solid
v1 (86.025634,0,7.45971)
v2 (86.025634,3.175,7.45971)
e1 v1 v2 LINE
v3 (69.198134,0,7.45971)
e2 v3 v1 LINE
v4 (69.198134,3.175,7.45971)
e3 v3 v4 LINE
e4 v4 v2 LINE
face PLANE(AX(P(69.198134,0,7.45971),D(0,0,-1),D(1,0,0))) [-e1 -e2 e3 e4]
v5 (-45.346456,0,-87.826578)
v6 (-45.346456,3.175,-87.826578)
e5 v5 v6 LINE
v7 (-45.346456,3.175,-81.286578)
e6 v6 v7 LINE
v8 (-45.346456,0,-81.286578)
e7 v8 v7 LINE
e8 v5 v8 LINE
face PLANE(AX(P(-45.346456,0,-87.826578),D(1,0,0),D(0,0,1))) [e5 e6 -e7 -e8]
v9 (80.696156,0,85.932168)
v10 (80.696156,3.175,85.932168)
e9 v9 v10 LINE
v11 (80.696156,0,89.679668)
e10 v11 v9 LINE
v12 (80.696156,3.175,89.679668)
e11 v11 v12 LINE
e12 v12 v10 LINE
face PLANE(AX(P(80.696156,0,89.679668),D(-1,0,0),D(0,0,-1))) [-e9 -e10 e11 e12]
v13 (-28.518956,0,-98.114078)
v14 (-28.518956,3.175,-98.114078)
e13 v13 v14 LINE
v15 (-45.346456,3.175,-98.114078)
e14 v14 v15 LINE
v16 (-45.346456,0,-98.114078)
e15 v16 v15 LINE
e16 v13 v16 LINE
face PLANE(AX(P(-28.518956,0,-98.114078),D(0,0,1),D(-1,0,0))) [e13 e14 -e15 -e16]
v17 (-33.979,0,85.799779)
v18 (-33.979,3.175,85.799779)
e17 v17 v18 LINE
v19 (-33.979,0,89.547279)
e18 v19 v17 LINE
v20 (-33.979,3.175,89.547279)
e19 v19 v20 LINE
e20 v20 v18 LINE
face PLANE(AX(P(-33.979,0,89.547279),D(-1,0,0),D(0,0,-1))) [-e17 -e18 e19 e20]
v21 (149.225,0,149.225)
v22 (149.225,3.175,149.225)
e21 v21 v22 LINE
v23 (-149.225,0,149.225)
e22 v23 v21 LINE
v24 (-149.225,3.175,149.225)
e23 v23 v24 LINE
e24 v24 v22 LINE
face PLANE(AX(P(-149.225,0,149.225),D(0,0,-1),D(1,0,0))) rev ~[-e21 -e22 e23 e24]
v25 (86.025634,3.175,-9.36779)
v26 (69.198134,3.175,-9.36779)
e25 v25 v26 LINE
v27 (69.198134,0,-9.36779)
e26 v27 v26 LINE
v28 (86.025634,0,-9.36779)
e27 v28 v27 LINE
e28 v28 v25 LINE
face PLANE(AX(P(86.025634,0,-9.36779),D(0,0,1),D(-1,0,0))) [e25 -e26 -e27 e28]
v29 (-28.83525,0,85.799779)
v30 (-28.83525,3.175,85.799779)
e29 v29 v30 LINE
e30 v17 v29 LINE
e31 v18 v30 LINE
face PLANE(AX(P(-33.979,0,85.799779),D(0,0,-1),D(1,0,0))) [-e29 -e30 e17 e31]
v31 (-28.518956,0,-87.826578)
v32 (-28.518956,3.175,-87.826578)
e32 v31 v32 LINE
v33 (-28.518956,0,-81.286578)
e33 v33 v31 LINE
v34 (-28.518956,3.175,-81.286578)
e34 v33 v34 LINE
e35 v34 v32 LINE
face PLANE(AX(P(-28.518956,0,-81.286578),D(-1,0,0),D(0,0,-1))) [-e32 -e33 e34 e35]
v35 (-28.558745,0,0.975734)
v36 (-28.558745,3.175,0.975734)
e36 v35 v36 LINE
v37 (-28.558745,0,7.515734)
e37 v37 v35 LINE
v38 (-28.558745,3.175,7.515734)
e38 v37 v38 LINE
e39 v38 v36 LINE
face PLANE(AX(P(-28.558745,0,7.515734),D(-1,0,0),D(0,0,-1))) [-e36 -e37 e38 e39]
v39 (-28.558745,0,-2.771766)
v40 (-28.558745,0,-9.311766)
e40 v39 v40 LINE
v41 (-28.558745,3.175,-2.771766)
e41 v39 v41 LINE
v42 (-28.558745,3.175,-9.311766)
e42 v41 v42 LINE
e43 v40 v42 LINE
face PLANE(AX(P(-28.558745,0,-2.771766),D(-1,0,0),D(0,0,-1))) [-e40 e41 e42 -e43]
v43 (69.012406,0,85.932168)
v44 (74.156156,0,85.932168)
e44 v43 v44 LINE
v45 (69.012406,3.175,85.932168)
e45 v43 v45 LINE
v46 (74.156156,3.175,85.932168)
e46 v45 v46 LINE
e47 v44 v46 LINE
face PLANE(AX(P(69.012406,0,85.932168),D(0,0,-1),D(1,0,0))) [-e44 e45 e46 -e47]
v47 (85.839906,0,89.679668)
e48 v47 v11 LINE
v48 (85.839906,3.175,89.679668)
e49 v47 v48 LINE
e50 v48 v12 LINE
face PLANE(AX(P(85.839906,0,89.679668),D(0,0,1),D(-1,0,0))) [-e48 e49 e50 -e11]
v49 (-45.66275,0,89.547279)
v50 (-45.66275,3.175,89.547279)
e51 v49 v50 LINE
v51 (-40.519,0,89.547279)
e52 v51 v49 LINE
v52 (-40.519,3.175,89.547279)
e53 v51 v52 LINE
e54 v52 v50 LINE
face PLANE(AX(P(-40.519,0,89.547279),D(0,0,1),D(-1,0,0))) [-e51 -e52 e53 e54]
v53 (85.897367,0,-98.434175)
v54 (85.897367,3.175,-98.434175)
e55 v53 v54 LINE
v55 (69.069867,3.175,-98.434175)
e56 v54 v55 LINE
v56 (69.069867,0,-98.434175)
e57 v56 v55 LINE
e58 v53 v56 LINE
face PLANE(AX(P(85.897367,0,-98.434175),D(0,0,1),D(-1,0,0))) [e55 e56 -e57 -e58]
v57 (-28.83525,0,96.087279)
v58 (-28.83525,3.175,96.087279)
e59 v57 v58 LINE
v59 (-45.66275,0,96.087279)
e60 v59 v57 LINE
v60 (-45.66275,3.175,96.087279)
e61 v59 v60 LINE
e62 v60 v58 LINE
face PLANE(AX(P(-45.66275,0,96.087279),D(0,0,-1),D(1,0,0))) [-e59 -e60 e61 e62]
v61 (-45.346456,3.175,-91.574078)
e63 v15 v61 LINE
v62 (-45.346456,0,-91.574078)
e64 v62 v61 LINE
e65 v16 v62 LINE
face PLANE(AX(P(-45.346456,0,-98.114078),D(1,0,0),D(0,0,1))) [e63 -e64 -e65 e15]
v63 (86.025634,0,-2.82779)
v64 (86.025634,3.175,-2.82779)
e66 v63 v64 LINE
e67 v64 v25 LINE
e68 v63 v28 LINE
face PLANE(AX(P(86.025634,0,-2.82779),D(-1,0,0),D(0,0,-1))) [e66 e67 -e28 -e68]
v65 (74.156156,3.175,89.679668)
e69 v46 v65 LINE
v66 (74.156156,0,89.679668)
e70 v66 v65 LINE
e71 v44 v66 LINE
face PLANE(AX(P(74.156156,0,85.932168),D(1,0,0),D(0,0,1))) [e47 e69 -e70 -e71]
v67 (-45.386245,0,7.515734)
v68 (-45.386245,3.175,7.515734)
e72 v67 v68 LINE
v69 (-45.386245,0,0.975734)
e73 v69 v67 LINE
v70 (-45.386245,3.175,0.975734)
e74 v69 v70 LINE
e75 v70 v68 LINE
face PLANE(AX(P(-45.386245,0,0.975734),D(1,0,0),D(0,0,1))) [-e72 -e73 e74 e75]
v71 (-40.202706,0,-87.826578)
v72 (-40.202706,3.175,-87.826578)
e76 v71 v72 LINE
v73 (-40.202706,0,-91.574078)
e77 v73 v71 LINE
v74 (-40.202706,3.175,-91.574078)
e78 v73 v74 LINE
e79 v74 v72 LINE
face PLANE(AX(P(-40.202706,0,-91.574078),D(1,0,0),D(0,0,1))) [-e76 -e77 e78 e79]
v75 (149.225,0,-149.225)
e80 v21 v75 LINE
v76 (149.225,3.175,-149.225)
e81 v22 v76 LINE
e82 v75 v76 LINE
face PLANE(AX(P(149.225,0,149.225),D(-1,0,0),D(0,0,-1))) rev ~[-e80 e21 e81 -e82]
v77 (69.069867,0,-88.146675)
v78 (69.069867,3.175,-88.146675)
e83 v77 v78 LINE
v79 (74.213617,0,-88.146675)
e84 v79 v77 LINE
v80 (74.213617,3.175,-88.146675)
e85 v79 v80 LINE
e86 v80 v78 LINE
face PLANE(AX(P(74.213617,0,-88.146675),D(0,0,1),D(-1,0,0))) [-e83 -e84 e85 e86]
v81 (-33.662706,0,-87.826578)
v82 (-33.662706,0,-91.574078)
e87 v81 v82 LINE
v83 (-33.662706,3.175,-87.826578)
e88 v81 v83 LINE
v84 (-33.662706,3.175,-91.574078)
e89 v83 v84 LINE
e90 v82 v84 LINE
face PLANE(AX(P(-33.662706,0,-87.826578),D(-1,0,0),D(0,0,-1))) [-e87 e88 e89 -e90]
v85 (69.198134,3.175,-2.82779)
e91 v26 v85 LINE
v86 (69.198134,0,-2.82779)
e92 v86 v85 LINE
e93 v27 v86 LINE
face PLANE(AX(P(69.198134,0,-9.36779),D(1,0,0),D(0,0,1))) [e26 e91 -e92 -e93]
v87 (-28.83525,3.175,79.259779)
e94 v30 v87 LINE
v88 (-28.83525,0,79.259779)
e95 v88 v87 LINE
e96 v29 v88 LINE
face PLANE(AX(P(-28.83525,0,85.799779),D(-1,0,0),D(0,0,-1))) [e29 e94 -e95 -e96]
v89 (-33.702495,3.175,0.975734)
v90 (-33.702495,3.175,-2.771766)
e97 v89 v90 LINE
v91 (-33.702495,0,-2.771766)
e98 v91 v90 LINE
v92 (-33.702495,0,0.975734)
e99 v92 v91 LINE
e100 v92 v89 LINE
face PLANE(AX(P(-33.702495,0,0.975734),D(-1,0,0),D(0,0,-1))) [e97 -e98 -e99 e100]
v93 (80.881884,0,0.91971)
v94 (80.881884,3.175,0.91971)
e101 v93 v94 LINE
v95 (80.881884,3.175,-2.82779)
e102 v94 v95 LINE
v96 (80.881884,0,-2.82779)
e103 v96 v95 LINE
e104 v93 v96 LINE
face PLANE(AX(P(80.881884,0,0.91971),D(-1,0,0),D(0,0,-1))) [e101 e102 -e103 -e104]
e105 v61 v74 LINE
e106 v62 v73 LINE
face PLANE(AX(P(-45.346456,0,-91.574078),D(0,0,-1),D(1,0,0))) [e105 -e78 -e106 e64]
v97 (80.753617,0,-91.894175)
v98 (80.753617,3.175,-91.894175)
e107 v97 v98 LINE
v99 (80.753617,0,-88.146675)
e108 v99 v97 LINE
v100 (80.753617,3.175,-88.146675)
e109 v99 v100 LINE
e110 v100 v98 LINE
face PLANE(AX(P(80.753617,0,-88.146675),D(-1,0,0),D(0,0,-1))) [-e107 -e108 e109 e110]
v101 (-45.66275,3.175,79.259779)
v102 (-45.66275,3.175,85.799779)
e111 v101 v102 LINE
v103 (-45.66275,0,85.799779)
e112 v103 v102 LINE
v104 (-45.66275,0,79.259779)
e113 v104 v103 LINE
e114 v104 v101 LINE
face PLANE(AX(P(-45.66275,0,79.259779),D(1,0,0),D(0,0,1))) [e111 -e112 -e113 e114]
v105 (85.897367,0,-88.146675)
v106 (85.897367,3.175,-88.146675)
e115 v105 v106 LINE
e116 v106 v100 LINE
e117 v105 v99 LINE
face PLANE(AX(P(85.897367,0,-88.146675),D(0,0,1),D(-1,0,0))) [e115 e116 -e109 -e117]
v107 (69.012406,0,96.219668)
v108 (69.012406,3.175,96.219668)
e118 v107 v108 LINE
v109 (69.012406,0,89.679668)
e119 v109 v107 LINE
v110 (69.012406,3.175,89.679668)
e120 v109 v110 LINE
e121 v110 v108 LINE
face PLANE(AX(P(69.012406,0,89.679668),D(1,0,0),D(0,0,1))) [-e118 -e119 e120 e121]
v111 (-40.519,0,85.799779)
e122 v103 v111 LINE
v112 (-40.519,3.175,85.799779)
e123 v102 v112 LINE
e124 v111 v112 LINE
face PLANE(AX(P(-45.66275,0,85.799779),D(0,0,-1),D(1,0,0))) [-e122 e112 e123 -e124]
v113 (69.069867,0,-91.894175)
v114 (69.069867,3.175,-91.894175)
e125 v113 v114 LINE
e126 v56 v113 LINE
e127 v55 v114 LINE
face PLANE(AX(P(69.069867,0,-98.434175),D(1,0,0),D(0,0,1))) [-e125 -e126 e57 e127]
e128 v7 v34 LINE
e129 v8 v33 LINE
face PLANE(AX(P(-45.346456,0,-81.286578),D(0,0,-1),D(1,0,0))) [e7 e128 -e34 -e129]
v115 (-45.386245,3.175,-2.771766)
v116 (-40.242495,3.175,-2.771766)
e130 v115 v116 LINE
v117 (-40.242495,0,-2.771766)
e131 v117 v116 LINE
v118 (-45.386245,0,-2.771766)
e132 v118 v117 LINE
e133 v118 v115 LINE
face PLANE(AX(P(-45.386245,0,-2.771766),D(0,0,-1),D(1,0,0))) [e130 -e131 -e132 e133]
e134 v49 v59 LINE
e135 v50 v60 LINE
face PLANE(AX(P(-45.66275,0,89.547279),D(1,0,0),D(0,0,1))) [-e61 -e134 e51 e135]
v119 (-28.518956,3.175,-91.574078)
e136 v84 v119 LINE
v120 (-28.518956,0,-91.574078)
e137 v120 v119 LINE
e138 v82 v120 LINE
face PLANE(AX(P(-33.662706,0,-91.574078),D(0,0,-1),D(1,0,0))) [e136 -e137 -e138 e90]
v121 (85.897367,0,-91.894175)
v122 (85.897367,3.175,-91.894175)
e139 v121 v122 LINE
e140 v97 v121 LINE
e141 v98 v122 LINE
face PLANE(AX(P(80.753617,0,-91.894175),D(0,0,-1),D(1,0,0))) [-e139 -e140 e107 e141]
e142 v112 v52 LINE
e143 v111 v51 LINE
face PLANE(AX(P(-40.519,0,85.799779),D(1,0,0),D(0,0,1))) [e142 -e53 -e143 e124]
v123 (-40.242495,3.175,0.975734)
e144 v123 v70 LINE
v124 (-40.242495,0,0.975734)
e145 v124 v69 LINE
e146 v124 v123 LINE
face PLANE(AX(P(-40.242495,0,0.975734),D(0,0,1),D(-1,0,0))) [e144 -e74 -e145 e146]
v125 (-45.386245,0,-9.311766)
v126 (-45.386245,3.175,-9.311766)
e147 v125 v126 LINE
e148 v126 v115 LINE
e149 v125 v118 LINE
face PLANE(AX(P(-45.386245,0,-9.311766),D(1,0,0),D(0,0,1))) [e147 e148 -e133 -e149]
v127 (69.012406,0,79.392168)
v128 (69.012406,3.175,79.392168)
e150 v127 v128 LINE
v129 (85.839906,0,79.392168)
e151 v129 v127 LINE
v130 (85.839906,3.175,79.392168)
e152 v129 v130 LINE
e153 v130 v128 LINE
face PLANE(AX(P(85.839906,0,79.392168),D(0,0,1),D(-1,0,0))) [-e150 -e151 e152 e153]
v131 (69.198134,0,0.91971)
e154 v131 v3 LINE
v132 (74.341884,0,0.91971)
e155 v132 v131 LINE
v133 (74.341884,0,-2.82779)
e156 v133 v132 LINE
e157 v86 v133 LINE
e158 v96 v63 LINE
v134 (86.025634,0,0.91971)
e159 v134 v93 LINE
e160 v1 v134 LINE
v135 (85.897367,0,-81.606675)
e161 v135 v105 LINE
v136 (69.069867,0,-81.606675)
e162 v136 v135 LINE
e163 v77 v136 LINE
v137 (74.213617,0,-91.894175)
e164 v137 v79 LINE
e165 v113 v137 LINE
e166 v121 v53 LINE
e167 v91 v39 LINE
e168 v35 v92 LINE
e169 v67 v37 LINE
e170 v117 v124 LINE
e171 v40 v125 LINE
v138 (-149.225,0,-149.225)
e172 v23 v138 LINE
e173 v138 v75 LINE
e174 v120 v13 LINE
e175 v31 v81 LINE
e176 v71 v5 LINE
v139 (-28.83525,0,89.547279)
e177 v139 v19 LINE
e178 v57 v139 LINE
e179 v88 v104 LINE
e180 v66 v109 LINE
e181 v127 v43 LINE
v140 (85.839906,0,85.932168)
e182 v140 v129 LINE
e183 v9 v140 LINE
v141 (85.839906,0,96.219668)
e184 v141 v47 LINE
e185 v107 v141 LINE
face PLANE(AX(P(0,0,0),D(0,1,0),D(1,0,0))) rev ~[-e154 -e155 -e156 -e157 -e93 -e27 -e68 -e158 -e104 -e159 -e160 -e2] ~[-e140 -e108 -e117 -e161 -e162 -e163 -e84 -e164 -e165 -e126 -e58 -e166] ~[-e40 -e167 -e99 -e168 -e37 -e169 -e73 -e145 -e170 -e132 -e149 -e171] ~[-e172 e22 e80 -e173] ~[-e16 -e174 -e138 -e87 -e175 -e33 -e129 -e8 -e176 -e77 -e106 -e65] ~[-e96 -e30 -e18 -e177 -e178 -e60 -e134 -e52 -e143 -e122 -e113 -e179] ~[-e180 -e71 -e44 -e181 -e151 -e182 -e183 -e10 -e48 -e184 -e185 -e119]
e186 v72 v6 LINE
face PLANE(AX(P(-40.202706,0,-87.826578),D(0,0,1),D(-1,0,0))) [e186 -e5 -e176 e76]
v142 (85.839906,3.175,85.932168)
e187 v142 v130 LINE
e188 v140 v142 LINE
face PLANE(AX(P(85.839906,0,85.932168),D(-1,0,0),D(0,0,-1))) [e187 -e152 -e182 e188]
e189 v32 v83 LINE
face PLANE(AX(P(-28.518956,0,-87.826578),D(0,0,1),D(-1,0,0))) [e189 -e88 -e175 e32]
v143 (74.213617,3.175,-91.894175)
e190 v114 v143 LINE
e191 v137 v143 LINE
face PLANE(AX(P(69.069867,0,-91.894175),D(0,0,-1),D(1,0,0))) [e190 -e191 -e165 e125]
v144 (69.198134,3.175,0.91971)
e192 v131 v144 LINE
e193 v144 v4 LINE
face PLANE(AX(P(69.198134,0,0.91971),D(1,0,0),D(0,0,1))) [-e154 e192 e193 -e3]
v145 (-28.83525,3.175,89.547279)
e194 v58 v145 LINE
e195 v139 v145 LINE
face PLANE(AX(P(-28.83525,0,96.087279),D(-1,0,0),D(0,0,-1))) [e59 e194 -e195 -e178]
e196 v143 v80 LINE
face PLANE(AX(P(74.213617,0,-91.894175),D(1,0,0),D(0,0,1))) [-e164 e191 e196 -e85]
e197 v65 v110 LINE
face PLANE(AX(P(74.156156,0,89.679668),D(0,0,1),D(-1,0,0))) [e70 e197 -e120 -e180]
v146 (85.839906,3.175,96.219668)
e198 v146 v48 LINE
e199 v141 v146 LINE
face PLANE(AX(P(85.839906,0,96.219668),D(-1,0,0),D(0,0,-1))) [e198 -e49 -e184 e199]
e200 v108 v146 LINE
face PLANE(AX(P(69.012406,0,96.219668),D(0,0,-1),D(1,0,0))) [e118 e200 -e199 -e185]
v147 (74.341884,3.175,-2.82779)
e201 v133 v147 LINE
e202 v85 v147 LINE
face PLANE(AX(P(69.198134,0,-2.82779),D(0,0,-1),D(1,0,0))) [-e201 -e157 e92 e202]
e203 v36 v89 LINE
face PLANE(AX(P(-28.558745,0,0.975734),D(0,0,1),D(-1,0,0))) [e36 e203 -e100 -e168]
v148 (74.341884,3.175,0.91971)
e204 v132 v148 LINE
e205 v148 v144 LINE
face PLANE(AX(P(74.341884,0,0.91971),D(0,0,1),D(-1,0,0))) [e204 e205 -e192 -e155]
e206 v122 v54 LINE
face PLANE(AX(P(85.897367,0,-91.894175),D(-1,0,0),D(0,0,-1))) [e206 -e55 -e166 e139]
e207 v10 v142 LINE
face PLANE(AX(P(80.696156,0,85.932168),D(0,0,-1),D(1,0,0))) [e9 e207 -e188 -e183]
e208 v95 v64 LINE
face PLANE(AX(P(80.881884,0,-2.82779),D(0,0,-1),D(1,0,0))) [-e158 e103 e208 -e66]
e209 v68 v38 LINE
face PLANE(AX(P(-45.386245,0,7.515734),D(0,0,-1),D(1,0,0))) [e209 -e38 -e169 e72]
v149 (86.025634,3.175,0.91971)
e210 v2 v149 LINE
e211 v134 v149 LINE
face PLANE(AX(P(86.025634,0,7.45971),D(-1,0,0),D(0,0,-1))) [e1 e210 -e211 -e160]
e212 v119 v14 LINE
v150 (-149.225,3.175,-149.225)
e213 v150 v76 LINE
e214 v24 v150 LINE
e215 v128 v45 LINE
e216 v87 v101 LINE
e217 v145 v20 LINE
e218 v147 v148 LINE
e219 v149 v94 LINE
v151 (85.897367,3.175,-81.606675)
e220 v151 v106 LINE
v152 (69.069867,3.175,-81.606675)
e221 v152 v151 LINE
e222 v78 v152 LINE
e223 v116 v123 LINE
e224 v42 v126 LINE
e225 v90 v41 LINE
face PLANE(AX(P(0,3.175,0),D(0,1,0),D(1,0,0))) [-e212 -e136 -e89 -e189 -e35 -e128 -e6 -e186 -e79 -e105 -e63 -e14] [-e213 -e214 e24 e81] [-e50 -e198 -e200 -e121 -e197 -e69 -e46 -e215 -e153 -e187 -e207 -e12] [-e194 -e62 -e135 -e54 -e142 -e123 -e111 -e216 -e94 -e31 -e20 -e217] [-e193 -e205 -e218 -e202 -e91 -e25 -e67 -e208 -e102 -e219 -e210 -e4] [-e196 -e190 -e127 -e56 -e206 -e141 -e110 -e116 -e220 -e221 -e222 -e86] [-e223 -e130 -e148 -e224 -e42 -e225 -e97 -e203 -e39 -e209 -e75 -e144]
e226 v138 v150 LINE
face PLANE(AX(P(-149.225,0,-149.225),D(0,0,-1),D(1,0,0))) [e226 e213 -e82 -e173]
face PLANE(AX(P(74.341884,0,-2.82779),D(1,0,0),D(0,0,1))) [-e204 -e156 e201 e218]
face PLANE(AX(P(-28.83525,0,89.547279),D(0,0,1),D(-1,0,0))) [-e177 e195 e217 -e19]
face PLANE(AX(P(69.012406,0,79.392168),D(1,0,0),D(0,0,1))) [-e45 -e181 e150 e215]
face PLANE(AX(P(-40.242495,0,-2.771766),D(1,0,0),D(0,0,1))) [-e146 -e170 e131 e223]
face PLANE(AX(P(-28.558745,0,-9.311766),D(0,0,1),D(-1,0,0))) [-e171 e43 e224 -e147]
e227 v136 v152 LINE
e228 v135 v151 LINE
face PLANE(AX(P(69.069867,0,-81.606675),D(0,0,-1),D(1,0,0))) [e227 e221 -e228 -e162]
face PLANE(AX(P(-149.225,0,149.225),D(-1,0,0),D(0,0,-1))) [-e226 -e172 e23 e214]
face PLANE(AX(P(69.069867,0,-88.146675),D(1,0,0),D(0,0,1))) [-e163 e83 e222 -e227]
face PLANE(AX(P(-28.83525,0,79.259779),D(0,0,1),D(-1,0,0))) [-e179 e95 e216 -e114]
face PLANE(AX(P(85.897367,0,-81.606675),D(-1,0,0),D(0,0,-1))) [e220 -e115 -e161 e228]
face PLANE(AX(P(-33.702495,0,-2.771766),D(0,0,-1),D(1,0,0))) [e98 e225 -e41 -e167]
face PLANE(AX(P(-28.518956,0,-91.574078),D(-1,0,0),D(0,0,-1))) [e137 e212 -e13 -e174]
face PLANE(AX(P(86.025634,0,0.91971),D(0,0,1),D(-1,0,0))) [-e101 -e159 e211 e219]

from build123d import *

# Parameters (mm, degrees)
SKETCH1_W           = 298.45
SKETCH1_H           = 298.45
BOSS_EXTRUDE1_DEPTH = 3.175


with BuildPart() as part:
    # Sketch1 → Boss-Extrude1 (new body)
    with BuildSketch(Plane(origin=(0, 0, 0), x_dir=(1, 0, 0), z_dir=(0, 1, 0))):
        Rectangle(SKETCH1_W, SKETCH1_H)
        Polygon((-45.662750287, -79.259778814), (-45.662750287, -85.799778814), (-40.519000287, -85.799778814), (-40.519000287, -89.547278814), (-45.662750287, -89.547278814), (-45.662750287, -96.087278814), (-28.835250287, -96.087278814), (-28.835250287, -89.547278814), (-33.979000287, -89.547278814), (-33.979000287, -85.799778814), (-28.835250287, -85.799778814), (-28.835250287, -79.259778814), align=None, mode=Mode.SUBTRACT)
        Polygon((-45.386244925, 9.311765916), (-45.386244925, 2.771765916), (-40.242494925, 2.771765916), (-40.242494925, -0.975734084), (-45.386244925, -0.975734084), (-45.386244925, -7.515734084), (-28.558744925, -7.515734084), (-28.558744925, -0.975734084), (-33.702494925, -0.975734084), (-33.702494925, 2.771765916), (-28.558744925, 2.771765916), (-28.558744925, 9.311765916), align=None, mode=Mode.SUBTRACT)
        Polygon((-45.346455929, 98.114077939), (-45.346455929, 91.574077939), (-40.202705929, 91.574077939), (-40.202705929, 87.826577939), (-45.346455929, 87.826577939), (-45.346455929, 81.286577939), (-28.518955929, 81.286577939), (-28.518955929, 87.826577939), (-33.662705929, 87.826577939), (-33.662705929, 91.574077939), (-28.518955929, 91.574077939), (-28.518955929, 98.114077939), align=None, mode=Mode.SUBTRACT)
        Polygon((69.069867305, 98.43417478), (69.069867305, 91.89417478), (74.213617305, 91.89417478), (74.213617305, 88.14667478), (69.069867305, 88.14667478), (69.069867305, 81.60667478), (85.897367305, 81.60667478), (85.897367305, 88.14667478), (80.753617305, 88.14667478), (80.753617305, 91.89417478), (85.897367305, 91.89417478), (85.897367305, 98.43417478), align=None, mode=Mode.SUBTRACT)
        Polygon((69.198133818, 9.367790367), (69.198133818, 2.827790367), (74.341883818, 2.827790367), (74.341883818, -0.919709633), (69.198133818, -0.919709633), (69.198133818, -7.459709633), (86.025633818, -7.459709633), (86.025633818, -0.919709633), (80.881883818, -0.919709633), (80.881883818, 2.827790367), (86.025633818, 2.827790367), (86.025633818, 9.367790367), align=None, mode=Mode.SUBTRACT)
        Polygon((69.012405726, -79.392168006), (69.012405726, -85.932168006), (74.156155726, -85.932168006), (74.156155726, -89.679668006), (69.012405726, -89.679668006), (69.012405726, -96.219668006), (85.839905726, -96.219668006), (85.839905726, -89.679668006), (80.696155726, -89.679668006), (80.696155726, -85.932168006), (85.839905726, -85.932168006), (85.839905726, -79.392168006), align=None, mode=Mode.SUBTRACT)
    extrude(amount=BOSS_EXTRUDE1_DEPTH)


solid = part.part
